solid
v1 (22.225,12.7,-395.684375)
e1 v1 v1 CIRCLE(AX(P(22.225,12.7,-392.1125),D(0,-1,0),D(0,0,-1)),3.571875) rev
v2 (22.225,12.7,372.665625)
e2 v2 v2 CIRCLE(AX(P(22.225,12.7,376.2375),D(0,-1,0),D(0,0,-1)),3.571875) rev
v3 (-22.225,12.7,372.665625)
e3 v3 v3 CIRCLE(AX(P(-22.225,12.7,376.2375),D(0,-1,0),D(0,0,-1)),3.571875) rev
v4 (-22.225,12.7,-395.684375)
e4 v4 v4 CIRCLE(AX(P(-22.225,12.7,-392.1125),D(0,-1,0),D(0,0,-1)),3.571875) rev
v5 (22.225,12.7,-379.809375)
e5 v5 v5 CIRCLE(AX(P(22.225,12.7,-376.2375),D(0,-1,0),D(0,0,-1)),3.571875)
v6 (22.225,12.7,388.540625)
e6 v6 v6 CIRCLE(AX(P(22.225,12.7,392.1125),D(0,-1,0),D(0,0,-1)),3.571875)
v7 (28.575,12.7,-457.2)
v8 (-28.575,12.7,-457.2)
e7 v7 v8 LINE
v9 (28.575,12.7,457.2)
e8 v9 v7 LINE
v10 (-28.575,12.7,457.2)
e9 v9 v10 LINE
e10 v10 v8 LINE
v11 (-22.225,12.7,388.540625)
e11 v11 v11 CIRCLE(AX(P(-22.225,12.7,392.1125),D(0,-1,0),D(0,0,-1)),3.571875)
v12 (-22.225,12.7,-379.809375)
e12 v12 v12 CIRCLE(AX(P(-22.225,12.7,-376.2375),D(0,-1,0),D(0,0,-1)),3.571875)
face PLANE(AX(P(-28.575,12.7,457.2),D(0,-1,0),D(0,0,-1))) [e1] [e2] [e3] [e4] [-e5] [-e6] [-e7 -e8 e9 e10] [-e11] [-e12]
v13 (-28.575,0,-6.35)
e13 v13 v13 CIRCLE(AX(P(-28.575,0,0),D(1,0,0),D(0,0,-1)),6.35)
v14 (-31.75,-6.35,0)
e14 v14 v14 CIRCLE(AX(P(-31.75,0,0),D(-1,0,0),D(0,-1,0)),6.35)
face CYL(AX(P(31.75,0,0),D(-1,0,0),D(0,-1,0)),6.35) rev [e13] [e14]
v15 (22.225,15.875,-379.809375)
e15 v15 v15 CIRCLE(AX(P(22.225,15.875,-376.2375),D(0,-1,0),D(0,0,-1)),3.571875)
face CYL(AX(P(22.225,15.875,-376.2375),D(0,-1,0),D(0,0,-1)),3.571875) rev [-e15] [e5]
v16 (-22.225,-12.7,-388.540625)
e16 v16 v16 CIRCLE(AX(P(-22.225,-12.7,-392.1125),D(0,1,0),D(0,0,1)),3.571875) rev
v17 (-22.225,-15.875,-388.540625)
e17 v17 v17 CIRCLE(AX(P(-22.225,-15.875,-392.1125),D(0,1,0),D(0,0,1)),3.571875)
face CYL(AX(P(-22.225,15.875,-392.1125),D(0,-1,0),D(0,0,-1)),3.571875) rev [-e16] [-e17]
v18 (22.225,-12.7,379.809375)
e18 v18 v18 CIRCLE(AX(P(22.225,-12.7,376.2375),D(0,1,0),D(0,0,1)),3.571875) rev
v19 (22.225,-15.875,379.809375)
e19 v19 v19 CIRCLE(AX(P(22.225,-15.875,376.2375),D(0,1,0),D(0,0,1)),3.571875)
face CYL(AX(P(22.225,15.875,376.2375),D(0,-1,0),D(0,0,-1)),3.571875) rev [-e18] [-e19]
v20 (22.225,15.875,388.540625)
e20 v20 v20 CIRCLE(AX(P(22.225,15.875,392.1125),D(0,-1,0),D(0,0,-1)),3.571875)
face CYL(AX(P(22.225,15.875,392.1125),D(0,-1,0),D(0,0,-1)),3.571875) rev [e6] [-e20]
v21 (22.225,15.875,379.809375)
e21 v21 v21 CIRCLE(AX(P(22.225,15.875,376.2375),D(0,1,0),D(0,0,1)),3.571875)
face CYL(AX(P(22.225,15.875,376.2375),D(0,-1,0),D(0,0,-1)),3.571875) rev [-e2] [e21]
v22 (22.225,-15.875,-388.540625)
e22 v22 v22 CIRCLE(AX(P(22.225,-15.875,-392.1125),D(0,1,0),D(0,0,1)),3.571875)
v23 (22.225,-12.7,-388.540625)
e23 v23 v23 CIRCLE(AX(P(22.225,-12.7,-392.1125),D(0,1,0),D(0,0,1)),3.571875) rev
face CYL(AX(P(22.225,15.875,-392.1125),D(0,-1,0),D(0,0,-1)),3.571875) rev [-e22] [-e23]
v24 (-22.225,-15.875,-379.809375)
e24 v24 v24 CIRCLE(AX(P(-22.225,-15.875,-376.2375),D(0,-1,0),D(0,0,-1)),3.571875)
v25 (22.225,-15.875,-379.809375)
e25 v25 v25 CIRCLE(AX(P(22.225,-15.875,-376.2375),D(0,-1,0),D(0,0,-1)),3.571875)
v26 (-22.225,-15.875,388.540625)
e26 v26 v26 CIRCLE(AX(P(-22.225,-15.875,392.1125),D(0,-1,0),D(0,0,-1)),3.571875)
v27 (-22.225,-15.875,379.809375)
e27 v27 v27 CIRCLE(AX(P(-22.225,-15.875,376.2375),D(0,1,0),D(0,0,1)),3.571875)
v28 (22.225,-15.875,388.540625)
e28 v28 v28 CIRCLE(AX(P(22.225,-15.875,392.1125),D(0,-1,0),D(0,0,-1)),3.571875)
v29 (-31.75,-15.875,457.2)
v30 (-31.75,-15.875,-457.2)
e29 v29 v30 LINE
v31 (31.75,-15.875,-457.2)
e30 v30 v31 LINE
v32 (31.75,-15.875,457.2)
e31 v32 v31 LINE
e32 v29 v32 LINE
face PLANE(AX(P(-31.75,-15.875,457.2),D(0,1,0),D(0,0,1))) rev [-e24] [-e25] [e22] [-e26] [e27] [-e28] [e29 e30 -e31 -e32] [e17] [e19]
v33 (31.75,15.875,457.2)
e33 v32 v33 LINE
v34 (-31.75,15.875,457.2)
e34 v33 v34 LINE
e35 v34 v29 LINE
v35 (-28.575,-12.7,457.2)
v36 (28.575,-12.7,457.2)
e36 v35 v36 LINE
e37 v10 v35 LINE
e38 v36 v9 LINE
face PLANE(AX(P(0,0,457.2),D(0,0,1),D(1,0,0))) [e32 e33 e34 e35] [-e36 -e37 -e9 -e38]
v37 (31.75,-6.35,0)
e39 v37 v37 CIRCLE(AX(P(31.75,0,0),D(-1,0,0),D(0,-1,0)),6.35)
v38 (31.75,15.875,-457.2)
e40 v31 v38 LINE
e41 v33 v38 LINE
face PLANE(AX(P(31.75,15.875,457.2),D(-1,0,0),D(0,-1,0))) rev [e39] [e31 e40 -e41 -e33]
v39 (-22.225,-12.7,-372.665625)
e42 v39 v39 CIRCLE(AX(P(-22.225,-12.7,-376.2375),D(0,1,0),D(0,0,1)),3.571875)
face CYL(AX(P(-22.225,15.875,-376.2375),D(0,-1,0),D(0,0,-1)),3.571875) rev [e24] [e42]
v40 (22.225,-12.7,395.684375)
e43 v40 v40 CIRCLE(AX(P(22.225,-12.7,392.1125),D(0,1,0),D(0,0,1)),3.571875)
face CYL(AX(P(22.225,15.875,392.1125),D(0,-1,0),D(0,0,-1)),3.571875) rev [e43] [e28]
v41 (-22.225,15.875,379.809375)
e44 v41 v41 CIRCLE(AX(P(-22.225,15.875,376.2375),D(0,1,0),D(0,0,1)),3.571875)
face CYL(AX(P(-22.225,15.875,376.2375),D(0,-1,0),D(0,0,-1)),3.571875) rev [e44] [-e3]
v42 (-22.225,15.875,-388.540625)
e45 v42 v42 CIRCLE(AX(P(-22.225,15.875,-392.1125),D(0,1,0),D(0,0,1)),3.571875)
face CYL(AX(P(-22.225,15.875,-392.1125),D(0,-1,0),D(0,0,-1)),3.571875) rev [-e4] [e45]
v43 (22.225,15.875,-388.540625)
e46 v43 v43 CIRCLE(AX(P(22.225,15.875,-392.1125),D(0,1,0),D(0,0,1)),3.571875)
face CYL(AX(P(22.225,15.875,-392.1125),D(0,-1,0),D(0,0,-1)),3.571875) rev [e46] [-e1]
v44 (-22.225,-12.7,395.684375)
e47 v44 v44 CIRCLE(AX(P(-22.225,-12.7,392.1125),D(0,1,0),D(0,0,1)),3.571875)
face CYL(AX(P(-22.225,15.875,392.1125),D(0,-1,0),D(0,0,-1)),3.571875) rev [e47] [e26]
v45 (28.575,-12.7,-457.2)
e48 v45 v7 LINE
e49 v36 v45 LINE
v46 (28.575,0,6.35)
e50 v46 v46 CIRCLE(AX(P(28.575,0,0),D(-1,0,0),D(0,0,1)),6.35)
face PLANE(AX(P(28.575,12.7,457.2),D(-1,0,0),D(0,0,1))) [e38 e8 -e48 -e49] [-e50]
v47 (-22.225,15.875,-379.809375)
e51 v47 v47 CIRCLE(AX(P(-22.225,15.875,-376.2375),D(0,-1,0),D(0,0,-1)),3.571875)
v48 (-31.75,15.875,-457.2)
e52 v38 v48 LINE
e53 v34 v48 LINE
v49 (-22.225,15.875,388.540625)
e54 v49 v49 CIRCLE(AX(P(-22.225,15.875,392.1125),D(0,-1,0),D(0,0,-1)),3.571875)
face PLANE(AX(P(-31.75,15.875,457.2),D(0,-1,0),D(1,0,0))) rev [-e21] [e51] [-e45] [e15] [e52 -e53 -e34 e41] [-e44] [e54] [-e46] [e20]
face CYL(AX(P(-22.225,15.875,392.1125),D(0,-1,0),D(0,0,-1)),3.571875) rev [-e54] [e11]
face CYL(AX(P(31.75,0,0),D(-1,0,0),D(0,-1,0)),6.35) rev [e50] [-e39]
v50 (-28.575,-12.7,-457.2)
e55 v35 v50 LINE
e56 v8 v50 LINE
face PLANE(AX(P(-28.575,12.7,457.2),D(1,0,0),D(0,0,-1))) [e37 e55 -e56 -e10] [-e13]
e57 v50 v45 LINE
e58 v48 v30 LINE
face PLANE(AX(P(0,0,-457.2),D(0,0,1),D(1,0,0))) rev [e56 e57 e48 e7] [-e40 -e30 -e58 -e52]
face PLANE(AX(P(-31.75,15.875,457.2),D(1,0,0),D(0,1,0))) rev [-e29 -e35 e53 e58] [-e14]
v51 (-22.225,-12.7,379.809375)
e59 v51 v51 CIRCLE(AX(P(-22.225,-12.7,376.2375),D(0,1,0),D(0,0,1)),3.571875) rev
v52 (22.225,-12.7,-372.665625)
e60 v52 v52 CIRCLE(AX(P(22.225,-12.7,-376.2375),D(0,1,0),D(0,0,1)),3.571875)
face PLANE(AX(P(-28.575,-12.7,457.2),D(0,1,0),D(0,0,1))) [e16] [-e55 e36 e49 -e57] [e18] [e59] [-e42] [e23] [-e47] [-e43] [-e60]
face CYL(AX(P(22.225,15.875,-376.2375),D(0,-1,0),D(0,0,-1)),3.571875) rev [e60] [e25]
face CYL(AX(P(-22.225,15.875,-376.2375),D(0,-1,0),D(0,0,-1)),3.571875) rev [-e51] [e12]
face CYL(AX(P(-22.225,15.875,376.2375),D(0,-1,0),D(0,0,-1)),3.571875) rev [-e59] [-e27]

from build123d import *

# Parameters (mm, degrees)
BOSS_EXTRUDE1_DEPTH      = 457.2
BOSS_EXTRUDE1_DEPTH_BACK = 457.2
SKETCH3_W                = 63.5
SKETCH3_H                = 31.75
SKETCH3_W_2              = 57.15
SKETCH3_H_2              = 25.4
SKETCH5_R                = 3.571875
CUT_EXTRUDE1_DEPTH       = 460.399570091
SKETCH6_R                = 6.35
CUT_EXTRUDE2_DEPTH       = 462.861565434


with BuildPart() as part:
    # Sketch3 → Boss-Extrude1 (new, two sides: drawn at the far end of the back side and taken through both)
    with BuildSketch(Plane.XY.offset(-BOSS_EXTRUDE1_DEPTH_BACK)):
        Rectangle(SKETCH3_W, SKETCH3_H)
        Rectangle(SKETCH3_W_2, SKETCH3_H_2, mode=Mode.SUBTRACT)
    extrude(amount=BOSS_EXTRUDE1_DEPTH + BOSS_EXTRUDE1_DEPTH_BACK)

    # Sketch5 → Cut-Extrude1 (cut, through all)
    with BuildSketch(Plane.XZ.offset(15.875)):
        with Locations(Location((-22.225, 392.1125, 0), (0, 0, 270))):
            Circle(SKETCH5_R)
        with Locations(Location((22.225, 392.1125, 0), (0, 0, 270))):
            Circle(SKETCH5_R)
        with Locations(Location((22.225, -392.1125, 0), (0, 0, 90))):
            Circle(SKETCH5_R)
        with Locations(Location((-22.225, -392.1125, 0), (0, 0, 90))):
            Circle(SKETCH5_R)
        with Locations(Location((22.225, 376.2375, 0), (0, 0, 90))):
            Circle(SKETCH5_R)
        with Locations(Location((-22.225, 376.2375, 0), (0, 0, 90))):
            Circle(SKETCH5_R)
        with Locations(Location((22.225, -376.2375, 0), (0, 0, 270))):
            Circle(SKETCH5_R)
        with Locations(Location((-22.225, -376.2375, 0), (0, 0, 270))):
            Circle(SKETCH5_R)
    extrude(amount=-CUT_EXTRUDE1_DEPTH, mode=Mode.SUBTRACT)

    # Sketch6 → Cut-Extrude2 (cut, through all)
    with BuildSketch(Plane.ZY.offset(31.75)):
        with Locations(Location((0, 0, 0), (0, 0, 270))):
            Circle(SKETCH6_R)
    extrude(amount=-CUT_EXTRUDE2_DEPTH, mode=Mode.SUBTRACT)


solid = part.part
